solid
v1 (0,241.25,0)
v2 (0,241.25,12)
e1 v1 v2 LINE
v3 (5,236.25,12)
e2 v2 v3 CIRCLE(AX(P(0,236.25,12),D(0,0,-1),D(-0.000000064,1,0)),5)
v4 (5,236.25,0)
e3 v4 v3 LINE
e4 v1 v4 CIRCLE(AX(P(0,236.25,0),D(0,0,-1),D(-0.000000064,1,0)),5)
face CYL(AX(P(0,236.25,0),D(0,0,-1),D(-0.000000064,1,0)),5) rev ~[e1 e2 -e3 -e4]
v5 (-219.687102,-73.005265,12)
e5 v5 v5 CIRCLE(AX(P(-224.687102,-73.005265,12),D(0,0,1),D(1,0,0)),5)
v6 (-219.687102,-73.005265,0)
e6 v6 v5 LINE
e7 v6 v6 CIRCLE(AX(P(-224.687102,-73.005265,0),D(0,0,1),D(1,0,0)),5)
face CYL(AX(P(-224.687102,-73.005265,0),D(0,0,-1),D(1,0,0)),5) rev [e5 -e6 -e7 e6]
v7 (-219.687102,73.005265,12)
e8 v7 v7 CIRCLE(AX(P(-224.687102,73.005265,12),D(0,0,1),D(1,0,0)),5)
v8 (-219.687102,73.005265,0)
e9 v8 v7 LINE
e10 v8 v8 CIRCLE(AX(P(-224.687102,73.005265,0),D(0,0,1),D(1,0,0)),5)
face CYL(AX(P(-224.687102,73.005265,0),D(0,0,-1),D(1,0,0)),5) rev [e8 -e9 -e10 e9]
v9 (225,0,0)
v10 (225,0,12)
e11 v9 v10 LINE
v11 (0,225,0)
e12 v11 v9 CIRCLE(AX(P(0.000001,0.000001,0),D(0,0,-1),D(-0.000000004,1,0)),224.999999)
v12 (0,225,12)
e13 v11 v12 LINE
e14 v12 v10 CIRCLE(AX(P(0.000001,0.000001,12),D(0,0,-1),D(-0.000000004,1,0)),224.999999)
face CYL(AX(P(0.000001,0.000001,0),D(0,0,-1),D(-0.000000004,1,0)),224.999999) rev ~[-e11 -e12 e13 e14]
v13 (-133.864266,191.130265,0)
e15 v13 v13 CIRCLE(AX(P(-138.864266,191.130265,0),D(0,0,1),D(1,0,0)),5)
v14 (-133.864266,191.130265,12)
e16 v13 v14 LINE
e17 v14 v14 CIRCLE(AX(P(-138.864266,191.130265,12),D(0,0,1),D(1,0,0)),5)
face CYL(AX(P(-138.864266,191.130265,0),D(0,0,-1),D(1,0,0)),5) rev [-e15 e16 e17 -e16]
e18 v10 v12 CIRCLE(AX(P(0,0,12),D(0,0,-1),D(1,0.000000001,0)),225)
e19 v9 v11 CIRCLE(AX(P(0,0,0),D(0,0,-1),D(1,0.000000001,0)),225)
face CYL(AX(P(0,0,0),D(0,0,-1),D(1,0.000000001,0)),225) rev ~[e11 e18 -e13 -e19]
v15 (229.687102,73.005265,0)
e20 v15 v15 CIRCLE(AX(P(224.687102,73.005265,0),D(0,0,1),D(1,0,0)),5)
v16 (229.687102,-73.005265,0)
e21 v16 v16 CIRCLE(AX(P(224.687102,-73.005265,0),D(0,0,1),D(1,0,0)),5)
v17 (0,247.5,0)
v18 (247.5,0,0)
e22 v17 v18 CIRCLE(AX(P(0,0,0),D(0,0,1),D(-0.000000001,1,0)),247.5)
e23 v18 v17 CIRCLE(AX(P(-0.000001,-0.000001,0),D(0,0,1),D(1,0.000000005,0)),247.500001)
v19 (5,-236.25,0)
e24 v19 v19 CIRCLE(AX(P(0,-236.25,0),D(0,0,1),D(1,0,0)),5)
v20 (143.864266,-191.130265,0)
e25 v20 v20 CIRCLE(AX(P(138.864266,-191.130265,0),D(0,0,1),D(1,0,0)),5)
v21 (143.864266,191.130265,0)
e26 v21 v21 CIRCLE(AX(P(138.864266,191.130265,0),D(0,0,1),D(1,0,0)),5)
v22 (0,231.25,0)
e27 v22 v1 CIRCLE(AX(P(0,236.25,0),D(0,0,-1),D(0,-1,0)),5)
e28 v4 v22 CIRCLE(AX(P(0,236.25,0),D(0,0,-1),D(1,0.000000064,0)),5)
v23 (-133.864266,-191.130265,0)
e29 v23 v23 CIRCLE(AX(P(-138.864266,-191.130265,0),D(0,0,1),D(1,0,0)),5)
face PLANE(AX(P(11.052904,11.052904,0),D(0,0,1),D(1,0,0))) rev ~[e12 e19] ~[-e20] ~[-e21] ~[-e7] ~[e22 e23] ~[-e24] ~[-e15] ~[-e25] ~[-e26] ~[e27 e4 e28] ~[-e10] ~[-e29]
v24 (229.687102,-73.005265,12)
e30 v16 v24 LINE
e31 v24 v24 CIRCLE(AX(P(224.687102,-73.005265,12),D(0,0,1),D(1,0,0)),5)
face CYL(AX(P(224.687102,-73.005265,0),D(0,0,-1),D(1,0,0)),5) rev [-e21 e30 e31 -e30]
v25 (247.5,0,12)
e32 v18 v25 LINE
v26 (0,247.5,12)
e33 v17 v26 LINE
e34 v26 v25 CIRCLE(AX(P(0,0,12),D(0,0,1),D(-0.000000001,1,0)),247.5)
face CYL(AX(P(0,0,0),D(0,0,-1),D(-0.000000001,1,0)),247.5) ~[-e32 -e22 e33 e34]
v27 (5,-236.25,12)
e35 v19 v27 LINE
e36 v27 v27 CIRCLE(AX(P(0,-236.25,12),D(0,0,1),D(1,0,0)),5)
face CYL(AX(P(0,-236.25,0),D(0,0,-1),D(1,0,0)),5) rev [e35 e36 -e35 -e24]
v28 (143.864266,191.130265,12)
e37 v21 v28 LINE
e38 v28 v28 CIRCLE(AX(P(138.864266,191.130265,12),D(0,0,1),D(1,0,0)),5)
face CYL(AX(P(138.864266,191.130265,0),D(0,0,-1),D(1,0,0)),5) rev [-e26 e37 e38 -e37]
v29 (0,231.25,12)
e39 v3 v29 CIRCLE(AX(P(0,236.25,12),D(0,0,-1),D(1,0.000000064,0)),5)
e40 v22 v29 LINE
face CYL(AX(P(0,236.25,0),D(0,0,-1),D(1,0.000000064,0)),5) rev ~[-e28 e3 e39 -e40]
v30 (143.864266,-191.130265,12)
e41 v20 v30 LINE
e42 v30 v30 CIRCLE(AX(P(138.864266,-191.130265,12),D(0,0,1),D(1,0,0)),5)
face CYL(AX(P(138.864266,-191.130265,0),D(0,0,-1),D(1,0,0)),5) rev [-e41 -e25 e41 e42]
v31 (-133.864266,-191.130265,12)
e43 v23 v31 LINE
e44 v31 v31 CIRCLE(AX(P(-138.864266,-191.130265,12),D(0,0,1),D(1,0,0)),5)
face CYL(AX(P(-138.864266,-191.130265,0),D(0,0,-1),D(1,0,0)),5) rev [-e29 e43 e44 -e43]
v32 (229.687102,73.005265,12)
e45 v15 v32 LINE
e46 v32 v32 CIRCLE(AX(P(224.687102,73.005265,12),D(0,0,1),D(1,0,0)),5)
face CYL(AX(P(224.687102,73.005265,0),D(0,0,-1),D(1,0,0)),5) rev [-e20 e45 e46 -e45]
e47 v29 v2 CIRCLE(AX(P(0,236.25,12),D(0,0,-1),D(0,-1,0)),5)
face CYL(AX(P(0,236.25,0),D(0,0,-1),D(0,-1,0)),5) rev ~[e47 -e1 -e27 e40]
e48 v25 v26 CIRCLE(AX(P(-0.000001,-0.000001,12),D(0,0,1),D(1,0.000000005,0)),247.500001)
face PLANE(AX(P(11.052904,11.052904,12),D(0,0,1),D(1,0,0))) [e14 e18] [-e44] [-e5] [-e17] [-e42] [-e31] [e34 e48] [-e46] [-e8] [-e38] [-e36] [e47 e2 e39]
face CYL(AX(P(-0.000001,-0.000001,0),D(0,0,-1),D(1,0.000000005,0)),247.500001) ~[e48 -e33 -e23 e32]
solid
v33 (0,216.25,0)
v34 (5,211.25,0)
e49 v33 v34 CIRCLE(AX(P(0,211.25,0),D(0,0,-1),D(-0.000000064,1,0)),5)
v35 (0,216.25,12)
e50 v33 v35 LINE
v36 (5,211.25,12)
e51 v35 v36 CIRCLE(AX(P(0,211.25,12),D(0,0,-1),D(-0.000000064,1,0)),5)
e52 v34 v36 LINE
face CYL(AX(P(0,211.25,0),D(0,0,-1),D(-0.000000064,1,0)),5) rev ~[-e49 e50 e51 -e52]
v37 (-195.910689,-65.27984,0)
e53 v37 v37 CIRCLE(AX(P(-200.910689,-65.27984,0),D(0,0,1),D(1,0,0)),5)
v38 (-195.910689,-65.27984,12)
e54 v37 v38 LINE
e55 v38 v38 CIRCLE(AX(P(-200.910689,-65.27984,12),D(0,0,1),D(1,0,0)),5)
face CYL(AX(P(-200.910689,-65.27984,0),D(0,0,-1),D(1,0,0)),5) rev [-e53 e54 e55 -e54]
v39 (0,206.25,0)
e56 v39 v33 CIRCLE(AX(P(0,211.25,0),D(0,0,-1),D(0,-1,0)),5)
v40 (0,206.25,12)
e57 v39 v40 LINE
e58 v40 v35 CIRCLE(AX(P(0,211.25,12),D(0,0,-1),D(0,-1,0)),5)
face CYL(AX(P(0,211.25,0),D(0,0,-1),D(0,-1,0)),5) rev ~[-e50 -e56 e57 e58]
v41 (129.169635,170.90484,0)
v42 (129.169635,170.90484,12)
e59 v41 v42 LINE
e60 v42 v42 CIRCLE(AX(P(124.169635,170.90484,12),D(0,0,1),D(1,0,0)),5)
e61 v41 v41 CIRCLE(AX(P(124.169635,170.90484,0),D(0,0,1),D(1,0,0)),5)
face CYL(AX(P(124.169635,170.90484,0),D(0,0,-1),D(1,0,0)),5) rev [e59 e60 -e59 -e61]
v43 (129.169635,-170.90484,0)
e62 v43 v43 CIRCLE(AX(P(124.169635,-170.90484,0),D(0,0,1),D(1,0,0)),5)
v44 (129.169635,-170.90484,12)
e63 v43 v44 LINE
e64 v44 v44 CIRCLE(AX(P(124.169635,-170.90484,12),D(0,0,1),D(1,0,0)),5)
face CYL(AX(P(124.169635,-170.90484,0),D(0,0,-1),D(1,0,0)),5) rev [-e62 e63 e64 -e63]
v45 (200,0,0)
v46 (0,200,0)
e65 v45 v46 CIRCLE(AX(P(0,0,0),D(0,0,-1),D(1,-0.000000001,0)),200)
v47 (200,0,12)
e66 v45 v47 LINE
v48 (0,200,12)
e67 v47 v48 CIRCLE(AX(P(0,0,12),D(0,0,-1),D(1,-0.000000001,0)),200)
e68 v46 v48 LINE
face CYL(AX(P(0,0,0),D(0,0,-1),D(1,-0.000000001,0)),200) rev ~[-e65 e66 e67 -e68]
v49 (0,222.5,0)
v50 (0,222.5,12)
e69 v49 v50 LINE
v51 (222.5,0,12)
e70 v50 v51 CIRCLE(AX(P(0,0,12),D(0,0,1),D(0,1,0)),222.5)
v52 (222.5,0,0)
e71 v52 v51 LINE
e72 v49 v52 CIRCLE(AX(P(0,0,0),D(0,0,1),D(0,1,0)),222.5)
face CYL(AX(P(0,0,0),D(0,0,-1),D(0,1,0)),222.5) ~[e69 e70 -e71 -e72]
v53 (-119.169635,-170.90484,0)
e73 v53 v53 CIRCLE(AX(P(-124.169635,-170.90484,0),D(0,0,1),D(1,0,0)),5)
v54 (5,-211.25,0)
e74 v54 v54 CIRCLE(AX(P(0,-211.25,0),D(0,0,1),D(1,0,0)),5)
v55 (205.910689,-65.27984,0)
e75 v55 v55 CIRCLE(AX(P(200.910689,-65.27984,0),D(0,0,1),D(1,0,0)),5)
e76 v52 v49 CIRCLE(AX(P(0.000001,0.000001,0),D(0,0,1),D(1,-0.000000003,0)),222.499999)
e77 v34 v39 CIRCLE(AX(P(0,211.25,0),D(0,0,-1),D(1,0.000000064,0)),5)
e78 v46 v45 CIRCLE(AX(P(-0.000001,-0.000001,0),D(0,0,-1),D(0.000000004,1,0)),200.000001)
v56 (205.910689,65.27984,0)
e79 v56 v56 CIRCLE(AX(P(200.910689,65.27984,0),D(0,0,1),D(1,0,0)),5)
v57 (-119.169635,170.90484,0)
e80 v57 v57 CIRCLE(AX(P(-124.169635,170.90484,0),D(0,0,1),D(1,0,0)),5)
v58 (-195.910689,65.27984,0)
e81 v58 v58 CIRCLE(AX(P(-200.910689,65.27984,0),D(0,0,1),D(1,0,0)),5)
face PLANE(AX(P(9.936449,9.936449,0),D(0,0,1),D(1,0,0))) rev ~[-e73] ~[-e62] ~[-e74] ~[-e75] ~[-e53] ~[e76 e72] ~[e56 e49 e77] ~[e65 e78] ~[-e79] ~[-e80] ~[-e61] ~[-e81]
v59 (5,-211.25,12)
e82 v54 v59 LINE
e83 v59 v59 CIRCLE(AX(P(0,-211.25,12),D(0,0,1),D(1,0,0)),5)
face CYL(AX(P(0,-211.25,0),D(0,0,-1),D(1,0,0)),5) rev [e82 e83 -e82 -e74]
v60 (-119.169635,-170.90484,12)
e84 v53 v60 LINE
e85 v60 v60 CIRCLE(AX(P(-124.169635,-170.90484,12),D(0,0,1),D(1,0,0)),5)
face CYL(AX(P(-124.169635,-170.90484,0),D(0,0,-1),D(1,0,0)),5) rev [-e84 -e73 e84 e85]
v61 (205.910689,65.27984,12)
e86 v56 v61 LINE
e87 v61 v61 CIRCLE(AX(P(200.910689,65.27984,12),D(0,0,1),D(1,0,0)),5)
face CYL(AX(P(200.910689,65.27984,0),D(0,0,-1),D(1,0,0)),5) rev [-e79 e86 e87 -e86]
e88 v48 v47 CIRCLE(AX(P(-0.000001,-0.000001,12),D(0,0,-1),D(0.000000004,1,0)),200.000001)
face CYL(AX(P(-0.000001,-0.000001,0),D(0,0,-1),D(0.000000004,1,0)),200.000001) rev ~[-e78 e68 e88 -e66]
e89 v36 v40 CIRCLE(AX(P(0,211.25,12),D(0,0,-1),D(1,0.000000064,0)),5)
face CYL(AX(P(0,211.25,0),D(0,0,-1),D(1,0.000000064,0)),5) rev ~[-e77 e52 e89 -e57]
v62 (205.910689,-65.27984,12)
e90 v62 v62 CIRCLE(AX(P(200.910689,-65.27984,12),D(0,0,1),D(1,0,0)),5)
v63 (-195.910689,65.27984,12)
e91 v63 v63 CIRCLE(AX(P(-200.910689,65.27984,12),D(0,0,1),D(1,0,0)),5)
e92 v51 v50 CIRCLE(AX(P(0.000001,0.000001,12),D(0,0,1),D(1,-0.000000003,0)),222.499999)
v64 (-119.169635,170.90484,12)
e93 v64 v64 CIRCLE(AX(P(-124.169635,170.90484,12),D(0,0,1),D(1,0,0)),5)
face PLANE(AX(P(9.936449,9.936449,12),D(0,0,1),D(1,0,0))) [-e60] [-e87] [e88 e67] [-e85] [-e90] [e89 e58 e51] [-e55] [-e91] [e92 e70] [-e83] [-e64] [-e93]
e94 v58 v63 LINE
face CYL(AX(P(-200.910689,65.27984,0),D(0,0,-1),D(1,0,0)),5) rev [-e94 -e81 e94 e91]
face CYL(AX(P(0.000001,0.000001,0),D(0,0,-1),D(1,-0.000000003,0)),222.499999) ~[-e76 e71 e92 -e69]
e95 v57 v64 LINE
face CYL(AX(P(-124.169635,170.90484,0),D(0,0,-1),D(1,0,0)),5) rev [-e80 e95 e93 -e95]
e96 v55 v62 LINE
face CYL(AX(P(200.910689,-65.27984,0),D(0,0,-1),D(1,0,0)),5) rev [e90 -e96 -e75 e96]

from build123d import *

# Parameters (mm, degrees)
F0_R     = 5
F1_DEPTH = 12


with BuildPart() as f1:
    # F0 (on Top) → F1 (new body)
    with BuildSketch(Plane.XY):
        with BuildLine():
            ThreePointArc((247.5, 0), (175.008928, 175.008928), (0, 247.5))
            ThreePointArc((0, 247.5), (-175.008928, -175.008928), (247.5, 0))
        make_face()
        with Locations((-138.864266, -191.130265)):
            Circle(F0_R, mode=Mode.SUBTRACT)
        with Locations((-224.687102, -73.005265)):
            Circle(F0_R, mode=Mode.SUBTRACT)
        with Locations((0, -236.25)):
            Circle(F0_R, mode=Mode.SUBTRACT)
        with Locations((138.864266, -191.130265)):
            Circle(F0_R, mode=Mode.SUBTRACT)
        with Locations((224.687102, -73.005265)):
            Circle(F0_R, mode=Mode.SUBTRACT)
        with Locations((-224.687102, 73.005265)):
            Circle(F0_R, mode=Mode.SUBTRACT)
        with Locations((-138.864266, 191.130265)):
            Circle(F0_R, mode=Mode.SUBTRACT)
        with BuildLine():
            ThreePointArc((225, 0), (-159.099026, -159.099026), (0, 225))
            ThreePointArc((0, 225), (159.099026, 159.099026), (225, 0))
        make_face(mode=Mode.SUBTRACT)
        with Locations((224.687102, 73.005265)):
            Circle(F0_R, mode=Mode.SUBTRACT)
        with BuildLine():
            ThreePointArc((5, 236.25), (3.535534, 232.714466), (0, 231.25))
            ThreePointArc((0, 231.25), (-5, 236.25), (0, 241.25))
            ThreePointArc((0, 241.25), (3.535534, 239.785534), (5, 236.25))
        make_face(mode=Mode.SUBTRACT)
        with Locations((138.864266, 191.130265)):
            Circle(F0_R, mode=Mode.SUBTRACT)
        with BuildLine():
            ThreePointArc((222.5, 0), (157.331259, 157.331259), (0, 222.5))
            ThreePointArc((0, 222.5), (-157.331259, -157.331259), (222.5, 0))
        make_face()
        with Locations((-124.169635, -170.90484)):
            Circle(F0_R, mode=Mode.SUBTRACT)
        with Locations((-200.910689, -65.27984)):
            Circle(F0_R, mode=Mode.SUBTRACT)
        with Locations((0, -211.25)):
            Circle(F0_R, mode=Mode.SUBTRACT)
        with Locations((124.169635, -170.90484)):
            Circle(F0_R, mode=Mode.SUBTRACT)
        with Locations((200.910689, -65.27984)):
            Circle(F0_R, mode=Mode.SUBTRACT)
        with Locations((-200.910689, 65.27984)):
            Circle(F0_R, mode=Mode.SUBTRACT)
        with Locations((-124.169635, 170.90484)):
            Circle(F0_R, mode=Mode.SUBTRACT)
        with BuildLine():
            ThreePointArc((0, 200), (141.421356, 141.421356), (200, 0))
            ThreePointArc((200, 0), (-141.421356, -141.421356), (0, 200))
        make_face(mode=Mode.SUBTRACT)
        with Locations((200.910689, 65.27984)):
            Circle(F0_R, mode=Mode.SUBTRACT)
        with BuildLine():
            ThreePointArc((5, 211.25), (3.535534, 207.714466), (0, 206.25))
            ThreePointArc((0, 206.25), (-5, 211.25), (0, 216.25))
            ThreePointArc((0, 216.25), (3.535534, 214.785534), (5, 211.25))
        make_face(mode=Mode.SUBTRACT)
        with Locations((124.169635, 170.90484)):
            Circle(F0_R, mode=Mode.SUBTRACT)
    extrude(amount=F1_DEPTH)


solid = f1.part
